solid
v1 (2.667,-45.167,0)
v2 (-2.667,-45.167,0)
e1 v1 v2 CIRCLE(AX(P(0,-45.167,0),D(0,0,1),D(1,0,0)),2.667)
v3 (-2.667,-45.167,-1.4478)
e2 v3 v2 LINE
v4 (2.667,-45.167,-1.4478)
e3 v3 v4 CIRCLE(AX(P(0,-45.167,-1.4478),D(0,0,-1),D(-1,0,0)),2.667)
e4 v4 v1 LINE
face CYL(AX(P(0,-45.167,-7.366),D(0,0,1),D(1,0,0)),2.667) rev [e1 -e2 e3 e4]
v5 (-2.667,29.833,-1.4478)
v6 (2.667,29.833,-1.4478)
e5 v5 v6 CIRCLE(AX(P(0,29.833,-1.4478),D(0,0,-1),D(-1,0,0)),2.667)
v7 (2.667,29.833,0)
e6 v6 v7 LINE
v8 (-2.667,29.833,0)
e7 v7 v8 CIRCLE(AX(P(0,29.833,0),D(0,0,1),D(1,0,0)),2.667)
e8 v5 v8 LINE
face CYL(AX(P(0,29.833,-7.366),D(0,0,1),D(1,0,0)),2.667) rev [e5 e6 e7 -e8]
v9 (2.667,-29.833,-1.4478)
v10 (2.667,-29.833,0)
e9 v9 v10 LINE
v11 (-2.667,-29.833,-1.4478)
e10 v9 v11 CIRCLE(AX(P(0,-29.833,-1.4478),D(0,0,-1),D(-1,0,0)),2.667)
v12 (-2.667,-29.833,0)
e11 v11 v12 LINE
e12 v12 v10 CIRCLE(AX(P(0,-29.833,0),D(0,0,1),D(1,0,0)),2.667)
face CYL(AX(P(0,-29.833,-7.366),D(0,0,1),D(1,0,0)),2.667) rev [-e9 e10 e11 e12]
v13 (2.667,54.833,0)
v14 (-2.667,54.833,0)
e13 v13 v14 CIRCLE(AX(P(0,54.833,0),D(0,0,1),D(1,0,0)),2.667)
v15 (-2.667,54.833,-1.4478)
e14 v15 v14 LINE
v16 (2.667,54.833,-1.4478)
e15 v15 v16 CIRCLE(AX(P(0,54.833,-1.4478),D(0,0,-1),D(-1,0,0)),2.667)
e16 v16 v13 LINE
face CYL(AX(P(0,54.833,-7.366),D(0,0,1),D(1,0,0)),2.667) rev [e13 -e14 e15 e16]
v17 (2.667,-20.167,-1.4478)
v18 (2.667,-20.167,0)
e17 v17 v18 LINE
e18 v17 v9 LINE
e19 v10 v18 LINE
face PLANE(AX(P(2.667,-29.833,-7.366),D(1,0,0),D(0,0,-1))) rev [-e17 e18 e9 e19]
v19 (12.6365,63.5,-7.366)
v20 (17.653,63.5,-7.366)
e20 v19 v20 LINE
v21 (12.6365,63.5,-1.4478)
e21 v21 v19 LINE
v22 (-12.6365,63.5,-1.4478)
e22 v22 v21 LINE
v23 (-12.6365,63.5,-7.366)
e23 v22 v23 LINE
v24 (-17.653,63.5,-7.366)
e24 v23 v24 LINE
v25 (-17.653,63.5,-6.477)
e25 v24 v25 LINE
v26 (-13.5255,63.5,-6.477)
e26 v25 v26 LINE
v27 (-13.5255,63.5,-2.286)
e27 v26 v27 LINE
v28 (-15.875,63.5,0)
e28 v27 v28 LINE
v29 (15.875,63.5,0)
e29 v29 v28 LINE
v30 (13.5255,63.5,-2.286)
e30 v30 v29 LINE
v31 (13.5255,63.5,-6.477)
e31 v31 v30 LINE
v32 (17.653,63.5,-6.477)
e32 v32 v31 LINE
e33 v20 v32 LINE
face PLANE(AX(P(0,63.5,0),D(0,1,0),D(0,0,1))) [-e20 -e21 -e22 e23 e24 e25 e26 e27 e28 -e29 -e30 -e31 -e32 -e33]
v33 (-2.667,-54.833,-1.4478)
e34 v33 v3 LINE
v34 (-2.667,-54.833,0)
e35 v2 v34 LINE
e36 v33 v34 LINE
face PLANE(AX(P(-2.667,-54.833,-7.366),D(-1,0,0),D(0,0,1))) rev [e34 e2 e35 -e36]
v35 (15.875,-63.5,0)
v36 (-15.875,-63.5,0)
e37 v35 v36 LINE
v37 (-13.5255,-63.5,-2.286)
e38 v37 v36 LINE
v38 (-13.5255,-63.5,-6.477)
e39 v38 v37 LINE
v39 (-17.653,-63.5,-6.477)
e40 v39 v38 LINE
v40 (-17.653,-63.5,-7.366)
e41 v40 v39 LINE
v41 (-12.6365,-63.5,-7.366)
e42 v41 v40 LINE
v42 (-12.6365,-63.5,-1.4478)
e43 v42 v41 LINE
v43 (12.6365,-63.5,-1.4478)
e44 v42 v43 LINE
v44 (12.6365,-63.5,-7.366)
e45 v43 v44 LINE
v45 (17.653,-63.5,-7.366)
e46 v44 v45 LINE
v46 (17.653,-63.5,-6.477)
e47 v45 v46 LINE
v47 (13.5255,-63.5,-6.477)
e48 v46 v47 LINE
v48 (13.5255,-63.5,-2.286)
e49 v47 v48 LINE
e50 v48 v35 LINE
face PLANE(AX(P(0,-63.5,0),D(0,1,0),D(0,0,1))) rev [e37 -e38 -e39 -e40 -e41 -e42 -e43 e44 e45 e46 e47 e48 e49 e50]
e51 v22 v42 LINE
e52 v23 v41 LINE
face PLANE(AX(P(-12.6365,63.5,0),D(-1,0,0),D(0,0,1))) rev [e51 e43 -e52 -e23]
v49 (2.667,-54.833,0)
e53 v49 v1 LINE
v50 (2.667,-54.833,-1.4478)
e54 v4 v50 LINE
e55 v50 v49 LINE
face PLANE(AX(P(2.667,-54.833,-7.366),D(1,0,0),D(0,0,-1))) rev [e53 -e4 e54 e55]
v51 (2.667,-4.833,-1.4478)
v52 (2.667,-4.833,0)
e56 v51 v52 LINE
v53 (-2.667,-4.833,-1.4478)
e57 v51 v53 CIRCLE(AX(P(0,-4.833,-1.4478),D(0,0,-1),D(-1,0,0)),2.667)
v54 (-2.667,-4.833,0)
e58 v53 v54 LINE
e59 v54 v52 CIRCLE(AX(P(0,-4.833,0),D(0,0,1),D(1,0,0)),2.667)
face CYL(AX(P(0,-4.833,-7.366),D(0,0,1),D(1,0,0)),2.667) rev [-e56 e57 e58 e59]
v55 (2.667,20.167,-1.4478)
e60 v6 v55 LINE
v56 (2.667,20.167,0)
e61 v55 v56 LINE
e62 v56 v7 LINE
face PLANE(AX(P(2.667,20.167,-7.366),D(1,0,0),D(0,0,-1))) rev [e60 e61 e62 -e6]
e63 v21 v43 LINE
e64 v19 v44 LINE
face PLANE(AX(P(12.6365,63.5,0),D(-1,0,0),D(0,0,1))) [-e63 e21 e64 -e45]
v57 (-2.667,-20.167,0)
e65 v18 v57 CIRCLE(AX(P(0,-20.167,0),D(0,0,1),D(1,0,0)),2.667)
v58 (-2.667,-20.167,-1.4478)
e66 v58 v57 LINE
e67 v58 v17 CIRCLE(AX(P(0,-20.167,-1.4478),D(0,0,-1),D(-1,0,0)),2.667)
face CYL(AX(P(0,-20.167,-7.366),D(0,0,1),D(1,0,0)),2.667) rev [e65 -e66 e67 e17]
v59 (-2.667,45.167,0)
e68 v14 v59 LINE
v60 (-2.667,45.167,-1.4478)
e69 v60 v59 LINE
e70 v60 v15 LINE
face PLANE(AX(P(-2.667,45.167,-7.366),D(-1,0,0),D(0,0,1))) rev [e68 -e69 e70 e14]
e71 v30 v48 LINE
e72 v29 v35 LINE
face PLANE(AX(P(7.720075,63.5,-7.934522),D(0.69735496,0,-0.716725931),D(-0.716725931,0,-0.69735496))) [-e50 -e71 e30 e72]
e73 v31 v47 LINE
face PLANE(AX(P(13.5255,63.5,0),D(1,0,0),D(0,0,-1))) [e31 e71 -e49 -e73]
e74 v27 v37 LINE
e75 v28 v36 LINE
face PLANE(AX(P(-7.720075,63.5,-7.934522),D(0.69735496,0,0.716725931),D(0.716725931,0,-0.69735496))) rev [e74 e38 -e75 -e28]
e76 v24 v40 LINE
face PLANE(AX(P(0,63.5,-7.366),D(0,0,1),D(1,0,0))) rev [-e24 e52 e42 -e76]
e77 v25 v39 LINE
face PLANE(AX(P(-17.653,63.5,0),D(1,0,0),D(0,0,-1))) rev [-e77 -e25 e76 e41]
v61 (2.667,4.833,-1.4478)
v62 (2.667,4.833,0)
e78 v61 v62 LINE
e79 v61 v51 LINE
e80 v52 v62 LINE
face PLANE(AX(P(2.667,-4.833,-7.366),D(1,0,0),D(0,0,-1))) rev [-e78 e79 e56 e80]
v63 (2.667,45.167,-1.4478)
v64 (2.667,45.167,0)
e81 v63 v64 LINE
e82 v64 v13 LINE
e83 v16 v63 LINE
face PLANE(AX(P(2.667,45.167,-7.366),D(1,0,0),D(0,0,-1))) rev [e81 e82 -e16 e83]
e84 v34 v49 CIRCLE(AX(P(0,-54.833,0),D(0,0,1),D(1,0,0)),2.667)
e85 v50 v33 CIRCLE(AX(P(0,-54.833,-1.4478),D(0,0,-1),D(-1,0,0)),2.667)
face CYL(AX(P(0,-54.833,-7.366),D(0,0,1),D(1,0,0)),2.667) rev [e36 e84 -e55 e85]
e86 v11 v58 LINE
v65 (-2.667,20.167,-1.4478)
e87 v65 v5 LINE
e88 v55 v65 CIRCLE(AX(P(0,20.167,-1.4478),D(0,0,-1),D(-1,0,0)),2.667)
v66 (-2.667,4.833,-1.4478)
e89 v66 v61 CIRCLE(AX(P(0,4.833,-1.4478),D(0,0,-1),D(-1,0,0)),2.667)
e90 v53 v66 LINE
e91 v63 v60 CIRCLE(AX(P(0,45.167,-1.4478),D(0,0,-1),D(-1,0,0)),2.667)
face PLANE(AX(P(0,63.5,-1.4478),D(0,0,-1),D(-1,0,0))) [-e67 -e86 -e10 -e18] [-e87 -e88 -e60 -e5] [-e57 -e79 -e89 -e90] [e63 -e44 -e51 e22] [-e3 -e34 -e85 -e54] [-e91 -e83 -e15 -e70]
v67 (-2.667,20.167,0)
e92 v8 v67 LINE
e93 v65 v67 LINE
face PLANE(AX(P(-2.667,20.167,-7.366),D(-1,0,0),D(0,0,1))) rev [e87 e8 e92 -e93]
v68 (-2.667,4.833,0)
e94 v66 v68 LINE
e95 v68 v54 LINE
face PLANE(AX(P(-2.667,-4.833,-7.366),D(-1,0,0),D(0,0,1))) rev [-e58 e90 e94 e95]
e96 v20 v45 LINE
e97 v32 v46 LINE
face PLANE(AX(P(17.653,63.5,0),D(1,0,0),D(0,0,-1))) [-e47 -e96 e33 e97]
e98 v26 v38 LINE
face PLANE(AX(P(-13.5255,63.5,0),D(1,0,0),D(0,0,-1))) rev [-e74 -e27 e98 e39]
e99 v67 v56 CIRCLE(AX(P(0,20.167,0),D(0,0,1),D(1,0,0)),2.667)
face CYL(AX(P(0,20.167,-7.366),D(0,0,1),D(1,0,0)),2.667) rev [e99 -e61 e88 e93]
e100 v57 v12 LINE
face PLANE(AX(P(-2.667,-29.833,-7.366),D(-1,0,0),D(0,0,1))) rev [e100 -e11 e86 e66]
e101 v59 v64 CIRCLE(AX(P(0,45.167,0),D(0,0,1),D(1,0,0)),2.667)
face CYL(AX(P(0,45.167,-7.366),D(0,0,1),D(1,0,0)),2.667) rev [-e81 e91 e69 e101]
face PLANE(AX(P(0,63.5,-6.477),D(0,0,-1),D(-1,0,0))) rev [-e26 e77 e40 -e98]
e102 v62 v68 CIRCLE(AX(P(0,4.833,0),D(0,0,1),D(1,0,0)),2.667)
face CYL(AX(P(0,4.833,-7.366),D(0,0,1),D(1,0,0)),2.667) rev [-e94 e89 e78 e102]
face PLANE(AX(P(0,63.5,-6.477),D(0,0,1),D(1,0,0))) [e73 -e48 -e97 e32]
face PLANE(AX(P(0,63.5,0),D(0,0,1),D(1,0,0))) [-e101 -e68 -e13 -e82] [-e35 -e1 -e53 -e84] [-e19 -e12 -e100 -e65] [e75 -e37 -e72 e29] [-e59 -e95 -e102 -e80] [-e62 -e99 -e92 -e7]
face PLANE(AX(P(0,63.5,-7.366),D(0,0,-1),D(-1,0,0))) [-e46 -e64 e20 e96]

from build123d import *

# Parameters (mm, degrees)
BOSS_EXTRUDE1_DEPTH = 63.5
CUT_EXTRUDE1_DEPTH  = 67.318446642
LPATTERN1_COUNT     = 3
LPATTERN1_PITCH     = 25
LPATTERN1_COL_COUNT = 3
LPATTERN1_COL_PITCH = 25


with BuildPart() as part:
    # Sketch1 → Boss-Extrude1 (new, symmetric)
    with BuildSketch(Plane(origin=(0, 0, 0), x_dir=(1, 0, 0), z_dir=(0, 1, 0))):
        Polygon((-15.875, 0), (0, 0), (0, 1.4478), (-12.6365, 1.4478), (-12.6365, 7.366), (-17.653, 7.366), (-17.653, 6.477), (-13.5255, 6.477), (-13.5255, 2.286), align=None)
        Polygon((0, 1.4478), (0, 0), (15.875, 0), (13.5255, 2.286), (13.5255, 6.477), (17.653, 6.477), (17.653, 7.366), (12.6365, 7.366), (12.6365, 1.4478), align=None)
    extrude(amount=BOSS_EXTRUDE1_DEPTH, both=True)

    # Sketch2 → Cut-Extrude1 (cut, through all)
    with BuildSketch(Plane.XY):
        with BuildLine():
            Line((-2.667, -4.833), (-2.667, 4.833))
            ThreePointArc((-2.667, 4.833), (0, 7.5), (2.667, 4.833))
            Line((2.667, 4.833), (2.667, -4.833))
            ThreePointArc((2.667, -4.833), (0, -7.5), (-2.667, -4.833))
        make_face()
    cut_extrude1 = extrude(amount=-CUT_EXTRUDE1_DEPTH, mode=Mode.SUBTRACT)

    # LPattern1: Cut-Extrude1 ×3
    with Locations(*[(0, -i * LPATTERN1_PITCH, 0) for i in range(1, LPATTERN1_COUNT)]):
        add(cut_extrude1, mode=Mode.SUBTRACT)

    # LPattern1 col: Cut-Extrude1 ×3
    with Locations(*[(0, i * LPATTERN1_COL_PITCH, 0) for i in range(1, LPATTERN1_COL_COUNT)]):
        add(cut_extrude1, mode=Mode.SUBTRACT)


solid = part.part
